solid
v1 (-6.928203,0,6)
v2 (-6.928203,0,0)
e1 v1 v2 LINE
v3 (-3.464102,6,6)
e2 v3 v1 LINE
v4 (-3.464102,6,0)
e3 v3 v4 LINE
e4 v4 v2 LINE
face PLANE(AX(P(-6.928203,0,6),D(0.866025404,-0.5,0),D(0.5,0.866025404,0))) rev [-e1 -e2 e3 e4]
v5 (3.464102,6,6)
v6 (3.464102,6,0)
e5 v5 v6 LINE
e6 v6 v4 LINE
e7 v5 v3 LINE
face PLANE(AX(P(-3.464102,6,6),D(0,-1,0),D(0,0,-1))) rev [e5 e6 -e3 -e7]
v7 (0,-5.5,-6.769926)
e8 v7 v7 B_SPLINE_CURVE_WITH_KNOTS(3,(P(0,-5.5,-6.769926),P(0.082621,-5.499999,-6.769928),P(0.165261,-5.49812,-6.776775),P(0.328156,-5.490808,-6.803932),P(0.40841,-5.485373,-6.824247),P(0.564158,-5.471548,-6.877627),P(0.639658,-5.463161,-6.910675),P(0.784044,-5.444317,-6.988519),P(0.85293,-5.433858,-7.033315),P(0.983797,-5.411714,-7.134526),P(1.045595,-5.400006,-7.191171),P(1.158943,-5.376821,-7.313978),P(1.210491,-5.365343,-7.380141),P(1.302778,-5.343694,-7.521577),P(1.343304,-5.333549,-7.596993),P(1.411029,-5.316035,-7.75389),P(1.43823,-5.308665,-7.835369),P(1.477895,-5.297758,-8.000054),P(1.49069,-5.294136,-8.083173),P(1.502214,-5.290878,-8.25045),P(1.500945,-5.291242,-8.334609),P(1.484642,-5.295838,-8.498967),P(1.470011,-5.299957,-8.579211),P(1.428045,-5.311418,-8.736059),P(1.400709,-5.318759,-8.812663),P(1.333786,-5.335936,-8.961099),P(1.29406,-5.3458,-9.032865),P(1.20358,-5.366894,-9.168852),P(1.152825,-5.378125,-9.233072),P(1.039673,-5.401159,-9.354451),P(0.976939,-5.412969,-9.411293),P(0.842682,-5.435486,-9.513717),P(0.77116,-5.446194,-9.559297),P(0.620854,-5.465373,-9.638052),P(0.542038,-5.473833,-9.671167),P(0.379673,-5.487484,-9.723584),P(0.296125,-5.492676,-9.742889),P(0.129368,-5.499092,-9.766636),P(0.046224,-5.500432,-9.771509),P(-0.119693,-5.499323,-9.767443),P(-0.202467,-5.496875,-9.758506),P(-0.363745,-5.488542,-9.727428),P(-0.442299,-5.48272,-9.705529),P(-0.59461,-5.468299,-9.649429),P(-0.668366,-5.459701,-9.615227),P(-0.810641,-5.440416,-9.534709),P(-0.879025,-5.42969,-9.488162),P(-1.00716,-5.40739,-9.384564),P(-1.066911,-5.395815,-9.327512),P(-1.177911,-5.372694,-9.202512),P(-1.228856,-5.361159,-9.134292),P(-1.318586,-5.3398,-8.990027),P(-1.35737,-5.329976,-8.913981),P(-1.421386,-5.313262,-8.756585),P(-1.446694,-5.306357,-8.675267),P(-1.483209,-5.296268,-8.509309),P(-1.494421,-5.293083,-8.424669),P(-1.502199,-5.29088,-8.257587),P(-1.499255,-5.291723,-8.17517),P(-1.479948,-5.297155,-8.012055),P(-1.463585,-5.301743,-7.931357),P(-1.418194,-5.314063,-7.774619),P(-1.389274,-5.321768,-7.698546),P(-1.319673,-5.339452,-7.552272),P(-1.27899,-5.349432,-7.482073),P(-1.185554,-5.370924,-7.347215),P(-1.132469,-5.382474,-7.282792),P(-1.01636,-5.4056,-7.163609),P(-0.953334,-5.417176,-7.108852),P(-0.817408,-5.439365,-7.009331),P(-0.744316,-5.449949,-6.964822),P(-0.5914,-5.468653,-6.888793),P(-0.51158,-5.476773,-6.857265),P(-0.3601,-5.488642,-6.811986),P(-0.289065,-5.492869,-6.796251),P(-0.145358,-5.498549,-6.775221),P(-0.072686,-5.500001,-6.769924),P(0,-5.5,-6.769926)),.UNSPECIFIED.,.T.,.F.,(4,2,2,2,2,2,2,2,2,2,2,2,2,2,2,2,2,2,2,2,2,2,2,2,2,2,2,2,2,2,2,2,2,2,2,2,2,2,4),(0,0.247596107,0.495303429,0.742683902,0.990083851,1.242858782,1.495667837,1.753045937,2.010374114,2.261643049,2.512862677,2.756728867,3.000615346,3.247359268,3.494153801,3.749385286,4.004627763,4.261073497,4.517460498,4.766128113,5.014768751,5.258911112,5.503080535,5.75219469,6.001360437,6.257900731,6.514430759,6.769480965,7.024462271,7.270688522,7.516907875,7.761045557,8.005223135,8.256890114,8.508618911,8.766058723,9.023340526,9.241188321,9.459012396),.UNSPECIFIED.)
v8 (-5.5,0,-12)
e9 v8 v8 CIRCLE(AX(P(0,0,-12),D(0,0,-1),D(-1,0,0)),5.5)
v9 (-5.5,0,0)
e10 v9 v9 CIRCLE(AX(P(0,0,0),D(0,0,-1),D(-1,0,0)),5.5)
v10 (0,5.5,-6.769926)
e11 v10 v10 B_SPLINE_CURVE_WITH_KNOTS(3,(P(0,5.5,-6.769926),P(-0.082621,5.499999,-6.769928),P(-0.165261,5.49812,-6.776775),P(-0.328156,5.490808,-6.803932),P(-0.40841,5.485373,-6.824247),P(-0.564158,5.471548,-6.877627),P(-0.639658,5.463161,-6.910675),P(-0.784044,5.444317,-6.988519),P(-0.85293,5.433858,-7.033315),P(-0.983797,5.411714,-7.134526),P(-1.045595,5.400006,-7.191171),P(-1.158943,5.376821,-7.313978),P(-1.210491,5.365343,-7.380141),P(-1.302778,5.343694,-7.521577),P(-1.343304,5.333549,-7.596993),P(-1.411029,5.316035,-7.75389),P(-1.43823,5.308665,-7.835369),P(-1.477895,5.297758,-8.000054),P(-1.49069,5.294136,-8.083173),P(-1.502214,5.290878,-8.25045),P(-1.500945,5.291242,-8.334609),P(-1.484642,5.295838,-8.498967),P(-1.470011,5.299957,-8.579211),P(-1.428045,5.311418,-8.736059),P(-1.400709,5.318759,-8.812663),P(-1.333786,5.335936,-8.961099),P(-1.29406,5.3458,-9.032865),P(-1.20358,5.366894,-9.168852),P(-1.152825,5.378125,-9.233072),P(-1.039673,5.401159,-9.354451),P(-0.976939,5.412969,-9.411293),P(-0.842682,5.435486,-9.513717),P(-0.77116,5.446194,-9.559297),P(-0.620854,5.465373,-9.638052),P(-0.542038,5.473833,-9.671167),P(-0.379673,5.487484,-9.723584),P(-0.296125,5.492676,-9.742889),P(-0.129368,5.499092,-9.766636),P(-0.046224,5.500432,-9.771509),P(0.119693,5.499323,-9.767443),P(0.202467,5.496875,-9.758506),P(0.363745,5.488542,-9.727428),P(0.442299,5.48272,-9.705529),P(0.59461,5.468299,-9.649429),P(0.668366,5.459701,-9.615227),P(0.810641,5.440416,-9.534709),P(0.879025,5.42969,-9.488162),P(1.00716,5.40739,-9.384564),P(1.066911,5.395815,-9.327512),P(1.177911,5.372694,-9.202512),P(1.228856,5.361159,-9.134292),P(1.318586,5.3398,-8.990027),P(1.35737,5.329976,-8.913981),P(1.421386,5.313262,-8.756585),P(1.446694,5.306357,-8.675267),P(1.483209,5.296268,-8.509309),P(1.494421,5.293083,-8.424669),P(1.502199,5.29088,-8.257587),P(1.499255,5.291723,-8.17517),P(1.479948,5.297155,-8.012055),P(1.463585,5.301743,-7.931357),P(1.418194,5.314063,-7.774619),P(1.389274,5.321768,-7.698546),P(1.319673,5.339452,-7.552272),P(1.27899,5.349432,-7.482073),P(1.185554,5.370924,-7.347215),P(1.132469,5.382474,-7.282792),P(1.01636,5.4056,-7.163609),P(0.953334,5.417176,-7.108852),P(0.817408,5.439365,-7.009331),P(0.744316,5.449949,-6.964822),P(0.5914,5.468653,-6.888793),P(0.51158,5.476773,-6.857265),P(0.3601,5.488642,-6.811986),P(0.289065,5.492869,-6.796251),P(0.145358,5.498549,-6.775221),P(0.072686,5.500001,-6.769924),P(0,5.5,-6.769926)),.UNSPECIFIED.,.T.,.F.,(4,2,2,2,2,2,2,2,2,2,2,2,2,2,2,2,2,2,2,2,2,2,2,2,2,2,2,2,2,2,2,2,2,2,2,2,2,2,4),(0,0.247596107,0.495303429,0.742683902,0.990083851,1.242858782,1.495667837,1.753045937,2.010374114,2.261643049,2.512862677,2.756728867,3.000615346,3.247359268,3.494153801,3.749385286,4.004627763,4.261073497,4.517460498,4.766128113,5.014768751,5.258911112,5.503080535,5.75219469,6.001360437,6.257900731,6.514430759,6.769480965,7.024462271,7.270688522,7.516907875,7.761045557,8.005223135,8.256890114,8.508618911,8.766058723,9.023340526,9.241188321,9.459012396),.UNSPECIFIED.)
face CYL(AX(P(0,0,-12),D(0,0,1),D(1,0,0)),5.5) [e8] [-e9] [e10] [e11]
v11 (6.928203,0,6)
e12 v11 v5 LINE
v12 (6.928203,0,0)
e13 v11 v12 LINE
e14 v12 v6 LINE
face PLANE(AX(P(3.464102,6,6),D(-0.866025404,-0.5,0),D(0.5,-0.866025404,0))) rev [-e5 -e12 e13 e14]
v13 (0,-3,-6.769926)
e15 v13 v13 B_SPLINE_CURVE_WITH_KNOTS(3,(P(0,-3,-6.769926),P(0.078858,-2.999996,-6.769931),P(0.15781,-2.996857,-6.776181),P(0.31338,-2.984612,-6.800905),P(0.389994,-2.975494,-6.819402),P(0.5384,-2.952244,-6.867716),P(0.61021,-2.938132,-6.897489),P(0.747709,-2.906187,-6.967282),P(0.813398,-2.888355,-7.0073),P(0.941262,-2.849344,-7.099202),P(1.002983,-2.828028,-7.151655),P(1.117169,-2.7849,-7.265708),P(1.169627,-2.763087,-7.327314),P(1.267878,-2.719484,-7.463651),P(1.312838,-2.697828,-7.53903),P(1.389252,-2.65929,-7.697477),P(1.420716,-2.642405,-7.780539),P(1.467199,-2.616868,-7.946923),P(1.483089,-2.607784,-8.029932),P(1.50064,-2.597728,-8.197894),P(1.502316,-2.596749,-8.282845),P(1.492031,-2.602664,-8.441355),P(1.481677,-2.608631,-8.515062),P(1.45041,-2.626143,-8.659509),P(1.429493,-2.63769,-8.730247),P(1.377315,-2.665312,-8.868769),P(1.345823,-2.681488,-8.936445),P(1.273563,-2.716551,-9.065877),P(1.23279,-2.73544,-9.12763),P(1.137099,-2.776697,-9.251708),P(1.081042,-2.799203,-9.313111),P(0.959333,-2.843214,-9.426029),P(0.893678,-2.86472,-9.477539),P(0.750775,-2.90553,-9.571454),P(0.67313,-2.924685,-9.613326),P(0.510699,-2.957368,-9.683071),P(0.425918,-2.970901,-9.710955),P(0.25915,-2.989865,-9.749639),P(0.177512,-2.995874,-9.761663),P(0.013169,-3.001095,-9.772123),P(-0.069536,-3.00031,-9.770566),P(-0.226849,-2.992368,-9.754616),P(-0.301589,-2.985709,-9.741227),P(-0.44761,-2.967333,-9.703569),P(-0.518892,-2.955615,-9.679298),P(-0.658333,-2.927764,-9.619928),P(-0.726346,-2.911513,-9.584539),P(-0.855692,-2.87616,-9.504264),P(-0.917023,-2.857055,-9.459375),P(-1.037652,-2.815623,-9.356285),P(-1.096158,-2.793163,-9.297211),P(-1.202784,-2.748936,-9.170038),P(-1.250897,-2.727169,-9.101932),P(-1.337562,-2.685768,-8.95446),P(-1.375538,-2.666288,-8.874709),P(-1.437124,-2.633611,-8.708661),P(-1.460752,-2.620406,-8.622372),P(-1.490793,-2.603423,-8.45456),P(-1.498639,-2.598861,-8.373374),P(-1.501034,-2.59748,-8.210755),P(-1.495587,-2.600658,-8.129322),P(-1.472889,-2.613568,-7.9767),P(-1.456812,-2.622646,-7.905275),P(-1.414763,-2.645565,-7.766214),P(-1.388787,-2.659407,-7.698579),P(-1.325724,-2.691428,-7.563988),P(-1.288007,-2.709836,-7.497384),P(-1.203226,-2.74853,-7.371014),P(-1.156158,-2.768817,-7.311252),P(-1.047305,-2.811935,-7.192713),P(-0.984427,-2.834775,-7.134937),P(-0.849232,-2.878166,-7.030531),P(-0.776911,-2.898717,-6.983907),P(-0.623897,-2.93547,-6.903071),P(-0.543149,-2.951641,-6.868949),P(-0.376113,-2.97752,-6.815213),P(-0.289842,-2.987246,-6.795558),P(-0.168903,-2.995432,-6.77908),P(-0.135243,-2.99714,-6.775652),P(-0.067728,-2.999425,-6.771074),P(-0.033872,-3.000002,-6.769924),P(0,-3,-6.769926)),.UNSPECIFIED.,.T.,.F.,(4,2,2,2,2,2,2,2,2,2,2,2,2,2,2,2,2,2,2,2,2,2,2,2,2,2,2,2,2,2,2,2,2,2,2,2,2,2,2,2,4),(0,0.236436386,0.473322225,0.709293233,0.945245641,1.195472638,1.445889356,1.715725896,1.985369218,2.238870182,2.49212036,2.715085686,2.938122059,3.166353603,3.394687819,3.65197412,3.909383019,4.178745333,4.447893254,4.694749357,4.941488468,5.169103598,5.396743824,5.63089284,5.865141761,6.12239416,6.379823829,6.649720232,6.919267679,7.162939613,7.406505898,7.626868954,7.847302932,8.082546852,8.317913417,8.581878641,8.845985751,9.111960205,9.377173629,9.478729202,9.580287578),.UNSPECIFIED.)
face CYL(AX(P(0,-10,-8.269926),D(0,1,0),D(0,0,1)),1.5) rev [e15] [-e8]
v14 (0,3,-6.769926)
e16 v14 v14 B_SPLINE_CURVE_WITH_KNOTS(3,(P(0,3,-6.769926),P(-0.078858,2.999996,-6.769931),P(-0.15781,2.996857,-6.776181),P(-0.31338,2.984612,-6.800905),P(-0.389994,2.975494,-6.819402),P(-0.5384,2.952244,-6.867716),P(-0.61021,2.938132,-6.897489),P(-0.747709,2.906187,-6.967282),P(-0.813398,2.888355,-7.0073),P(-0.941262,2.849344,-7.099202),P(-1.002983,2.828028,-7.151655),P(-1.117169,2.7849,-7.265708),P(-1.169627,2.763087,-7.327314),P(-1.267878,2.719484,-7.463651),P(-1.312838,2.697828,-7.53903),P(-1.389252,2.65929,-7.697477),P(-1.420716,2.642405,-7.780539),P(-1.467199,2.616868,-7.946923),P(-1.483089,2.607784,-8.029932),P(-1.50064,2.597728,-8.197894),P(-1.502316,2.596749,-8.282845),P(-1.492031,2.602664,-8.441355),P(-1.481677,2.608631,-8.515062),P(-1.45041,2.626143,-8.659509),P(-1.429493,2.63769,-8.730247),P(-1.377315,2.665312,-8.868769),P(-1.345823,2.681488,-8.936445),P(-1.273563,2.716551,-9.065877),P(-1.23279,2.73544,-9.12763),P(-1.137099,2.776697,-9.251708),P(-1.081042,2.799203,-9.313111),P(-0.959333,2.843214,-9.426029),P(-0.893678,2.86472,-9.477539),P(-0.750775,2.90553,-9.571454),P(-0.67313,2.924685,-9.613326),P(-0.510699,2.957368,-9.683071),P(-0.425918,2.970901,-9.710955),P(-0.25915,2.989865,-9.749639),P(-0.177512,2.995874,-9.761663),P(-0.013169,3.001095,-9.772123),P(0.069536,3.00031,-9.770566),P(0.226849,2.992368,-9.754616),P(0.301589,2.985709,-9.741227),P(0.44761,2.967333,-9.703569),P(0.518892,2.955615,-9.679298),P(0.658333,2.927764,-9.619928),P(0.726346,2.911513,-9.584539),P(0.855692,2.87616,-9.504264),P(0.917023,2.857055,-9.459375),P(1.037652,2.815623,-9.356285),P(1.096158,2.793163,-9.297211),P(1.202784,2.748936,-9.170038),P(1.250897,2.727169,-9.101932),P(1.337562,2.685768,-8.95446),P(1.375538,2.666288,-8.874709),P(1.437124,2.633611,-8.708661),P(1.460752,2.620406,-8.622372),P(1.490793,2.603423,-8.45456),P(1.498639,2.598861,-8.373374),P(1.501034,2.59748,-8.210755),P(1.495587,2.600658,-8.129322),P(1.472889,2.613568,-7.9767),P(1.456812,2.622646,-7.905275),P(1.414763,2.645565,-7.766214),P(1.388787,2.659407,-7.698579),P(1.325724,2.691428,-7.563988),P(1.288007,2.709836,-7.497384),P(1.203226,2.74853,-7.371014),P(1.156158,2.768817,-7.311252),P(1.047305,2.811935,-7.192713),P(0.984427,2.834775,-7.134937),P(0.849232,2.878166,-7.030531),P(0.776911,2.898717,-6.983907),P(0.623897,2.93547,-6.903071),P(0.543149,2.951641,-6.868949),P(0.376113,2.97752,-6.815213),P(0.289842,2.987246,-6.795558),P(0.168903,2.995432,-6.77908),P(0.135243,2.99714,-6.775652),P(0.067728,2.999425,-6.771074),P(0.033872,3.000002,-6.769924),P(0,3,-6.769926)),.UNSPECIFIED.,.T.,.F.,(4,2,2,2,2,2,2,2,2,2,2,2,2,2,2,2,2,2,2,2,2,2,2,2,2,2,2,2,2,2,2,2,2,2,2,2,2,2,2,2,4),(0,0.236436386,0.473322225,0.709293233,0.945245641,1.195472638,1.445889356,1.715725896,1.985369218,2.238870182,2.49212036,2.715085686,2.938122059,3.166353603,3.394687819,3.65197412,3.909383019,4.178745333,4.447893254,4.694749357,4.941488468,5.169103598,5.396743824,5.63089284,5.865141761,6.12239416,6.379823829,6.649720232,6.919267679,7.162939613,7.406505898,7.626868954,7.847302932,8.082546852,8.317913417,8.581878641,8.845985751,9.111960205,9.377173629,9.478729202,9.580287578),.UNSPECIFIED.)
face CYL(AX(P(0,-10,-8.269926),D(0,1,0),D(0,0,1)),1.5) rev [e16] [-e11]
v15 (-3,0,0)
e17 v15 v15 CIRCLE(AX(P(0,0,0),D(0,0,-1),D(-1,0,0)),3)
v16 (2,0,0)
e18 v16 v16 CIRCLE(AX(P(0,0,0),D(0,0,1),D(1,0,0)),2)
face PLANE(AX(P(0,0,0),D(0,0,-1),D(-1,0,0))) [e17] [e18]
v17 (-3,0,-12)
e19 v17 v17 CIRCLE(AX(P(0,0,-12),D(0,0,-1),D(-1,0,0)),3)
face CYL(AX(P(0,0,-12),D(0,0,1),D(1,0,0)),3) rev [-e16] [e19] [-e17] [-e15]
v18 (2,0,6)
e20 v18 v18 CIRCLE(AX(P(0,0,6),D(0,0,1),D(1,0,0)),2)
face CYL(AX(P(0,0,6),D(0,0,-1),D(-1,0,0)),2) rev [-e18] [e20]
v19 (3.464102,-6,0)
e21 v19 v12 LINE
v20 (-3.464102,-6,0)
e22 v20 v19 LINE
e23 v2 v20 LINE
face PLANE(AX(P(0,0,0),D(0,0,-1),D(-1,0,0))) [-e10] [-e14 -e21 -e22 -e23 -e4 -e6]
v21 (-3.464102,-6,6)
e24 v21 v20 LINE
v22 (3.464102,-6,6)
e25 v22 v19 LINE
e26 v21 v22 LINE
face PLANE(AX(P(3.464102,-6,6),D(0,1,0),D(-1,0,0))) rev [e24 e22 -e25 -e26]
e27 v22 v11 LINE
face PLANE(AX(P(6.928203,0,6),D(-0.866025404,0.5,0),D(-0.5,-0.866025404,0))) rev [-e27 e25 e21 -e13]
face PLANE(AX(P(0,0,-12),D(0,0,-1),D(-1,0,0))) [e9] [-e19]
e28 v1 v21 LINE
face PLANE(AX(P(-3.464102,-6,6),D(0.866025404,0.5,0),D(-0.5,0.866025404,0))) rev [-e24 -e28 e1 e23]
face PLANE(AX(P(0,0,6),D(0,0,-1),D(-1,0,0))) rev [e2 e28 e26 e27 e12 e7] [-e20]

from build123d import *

# Parameters (mm, degrees)
SKETCH_1_R          = 2
EXTRUDE_1_DEPTH     = 6
SKETCH_2_R          = 5.5
SKETCH_2_R_2        = 3
EXTRUDE_2_DEPTH     = 12
CUT_EXTRUDE_START   = 10
SKETCH_3_R          = 1.5
CUT_EXTRUDE_1_DEPTH = 20


with BuildPart() as part:
    # 草图1 → 凸台-拉伸1 (new body)
    with BuildSketch(Plane.XY):
        Polygon((-3.464101615, 6), (3.464101615, 6), (6.92820323, 0), (3.464101615, -6), (-3.464101615, -6), (-6.92820323, 0), align=None)
        Circle(SKETCH_1_R, mode=Mode.SUBTRACT)
    extrude(amount=EXTRUDE_1_DEPTH)

    # 草图2 → 凸台-拉伸2 (add)
    with BuildSketch(Plane(origin=(0, 0, 0), x_dir=(-1, 0, 0), z_dir=(0, 0, -1))):
        Circle(SKETCH_2_R)
        Circle(SKETCH_2_R_2, mode=Mode.SUBTRACT)
    extrude(amount=EXTRUDE_2_DEPTH)

    # 草图3 → 切除-拉伸1 (cut)
    with BuildSketch(Plane(origin=(0, 0, 0), x_dir=(1, 0, 0), z_dir=(0, 1, 0)).offset(CUT_EXTRUDE_START)):
        with Locations(Location((0, 8.269925745, 0), (0, 0, 270))):
            Circle(SKETCH_3_R)
    extrude(amount=-CUT_EXTRUDE_1_DEPTH, mode=Mode.SUBTRACT)


solid = part.part
